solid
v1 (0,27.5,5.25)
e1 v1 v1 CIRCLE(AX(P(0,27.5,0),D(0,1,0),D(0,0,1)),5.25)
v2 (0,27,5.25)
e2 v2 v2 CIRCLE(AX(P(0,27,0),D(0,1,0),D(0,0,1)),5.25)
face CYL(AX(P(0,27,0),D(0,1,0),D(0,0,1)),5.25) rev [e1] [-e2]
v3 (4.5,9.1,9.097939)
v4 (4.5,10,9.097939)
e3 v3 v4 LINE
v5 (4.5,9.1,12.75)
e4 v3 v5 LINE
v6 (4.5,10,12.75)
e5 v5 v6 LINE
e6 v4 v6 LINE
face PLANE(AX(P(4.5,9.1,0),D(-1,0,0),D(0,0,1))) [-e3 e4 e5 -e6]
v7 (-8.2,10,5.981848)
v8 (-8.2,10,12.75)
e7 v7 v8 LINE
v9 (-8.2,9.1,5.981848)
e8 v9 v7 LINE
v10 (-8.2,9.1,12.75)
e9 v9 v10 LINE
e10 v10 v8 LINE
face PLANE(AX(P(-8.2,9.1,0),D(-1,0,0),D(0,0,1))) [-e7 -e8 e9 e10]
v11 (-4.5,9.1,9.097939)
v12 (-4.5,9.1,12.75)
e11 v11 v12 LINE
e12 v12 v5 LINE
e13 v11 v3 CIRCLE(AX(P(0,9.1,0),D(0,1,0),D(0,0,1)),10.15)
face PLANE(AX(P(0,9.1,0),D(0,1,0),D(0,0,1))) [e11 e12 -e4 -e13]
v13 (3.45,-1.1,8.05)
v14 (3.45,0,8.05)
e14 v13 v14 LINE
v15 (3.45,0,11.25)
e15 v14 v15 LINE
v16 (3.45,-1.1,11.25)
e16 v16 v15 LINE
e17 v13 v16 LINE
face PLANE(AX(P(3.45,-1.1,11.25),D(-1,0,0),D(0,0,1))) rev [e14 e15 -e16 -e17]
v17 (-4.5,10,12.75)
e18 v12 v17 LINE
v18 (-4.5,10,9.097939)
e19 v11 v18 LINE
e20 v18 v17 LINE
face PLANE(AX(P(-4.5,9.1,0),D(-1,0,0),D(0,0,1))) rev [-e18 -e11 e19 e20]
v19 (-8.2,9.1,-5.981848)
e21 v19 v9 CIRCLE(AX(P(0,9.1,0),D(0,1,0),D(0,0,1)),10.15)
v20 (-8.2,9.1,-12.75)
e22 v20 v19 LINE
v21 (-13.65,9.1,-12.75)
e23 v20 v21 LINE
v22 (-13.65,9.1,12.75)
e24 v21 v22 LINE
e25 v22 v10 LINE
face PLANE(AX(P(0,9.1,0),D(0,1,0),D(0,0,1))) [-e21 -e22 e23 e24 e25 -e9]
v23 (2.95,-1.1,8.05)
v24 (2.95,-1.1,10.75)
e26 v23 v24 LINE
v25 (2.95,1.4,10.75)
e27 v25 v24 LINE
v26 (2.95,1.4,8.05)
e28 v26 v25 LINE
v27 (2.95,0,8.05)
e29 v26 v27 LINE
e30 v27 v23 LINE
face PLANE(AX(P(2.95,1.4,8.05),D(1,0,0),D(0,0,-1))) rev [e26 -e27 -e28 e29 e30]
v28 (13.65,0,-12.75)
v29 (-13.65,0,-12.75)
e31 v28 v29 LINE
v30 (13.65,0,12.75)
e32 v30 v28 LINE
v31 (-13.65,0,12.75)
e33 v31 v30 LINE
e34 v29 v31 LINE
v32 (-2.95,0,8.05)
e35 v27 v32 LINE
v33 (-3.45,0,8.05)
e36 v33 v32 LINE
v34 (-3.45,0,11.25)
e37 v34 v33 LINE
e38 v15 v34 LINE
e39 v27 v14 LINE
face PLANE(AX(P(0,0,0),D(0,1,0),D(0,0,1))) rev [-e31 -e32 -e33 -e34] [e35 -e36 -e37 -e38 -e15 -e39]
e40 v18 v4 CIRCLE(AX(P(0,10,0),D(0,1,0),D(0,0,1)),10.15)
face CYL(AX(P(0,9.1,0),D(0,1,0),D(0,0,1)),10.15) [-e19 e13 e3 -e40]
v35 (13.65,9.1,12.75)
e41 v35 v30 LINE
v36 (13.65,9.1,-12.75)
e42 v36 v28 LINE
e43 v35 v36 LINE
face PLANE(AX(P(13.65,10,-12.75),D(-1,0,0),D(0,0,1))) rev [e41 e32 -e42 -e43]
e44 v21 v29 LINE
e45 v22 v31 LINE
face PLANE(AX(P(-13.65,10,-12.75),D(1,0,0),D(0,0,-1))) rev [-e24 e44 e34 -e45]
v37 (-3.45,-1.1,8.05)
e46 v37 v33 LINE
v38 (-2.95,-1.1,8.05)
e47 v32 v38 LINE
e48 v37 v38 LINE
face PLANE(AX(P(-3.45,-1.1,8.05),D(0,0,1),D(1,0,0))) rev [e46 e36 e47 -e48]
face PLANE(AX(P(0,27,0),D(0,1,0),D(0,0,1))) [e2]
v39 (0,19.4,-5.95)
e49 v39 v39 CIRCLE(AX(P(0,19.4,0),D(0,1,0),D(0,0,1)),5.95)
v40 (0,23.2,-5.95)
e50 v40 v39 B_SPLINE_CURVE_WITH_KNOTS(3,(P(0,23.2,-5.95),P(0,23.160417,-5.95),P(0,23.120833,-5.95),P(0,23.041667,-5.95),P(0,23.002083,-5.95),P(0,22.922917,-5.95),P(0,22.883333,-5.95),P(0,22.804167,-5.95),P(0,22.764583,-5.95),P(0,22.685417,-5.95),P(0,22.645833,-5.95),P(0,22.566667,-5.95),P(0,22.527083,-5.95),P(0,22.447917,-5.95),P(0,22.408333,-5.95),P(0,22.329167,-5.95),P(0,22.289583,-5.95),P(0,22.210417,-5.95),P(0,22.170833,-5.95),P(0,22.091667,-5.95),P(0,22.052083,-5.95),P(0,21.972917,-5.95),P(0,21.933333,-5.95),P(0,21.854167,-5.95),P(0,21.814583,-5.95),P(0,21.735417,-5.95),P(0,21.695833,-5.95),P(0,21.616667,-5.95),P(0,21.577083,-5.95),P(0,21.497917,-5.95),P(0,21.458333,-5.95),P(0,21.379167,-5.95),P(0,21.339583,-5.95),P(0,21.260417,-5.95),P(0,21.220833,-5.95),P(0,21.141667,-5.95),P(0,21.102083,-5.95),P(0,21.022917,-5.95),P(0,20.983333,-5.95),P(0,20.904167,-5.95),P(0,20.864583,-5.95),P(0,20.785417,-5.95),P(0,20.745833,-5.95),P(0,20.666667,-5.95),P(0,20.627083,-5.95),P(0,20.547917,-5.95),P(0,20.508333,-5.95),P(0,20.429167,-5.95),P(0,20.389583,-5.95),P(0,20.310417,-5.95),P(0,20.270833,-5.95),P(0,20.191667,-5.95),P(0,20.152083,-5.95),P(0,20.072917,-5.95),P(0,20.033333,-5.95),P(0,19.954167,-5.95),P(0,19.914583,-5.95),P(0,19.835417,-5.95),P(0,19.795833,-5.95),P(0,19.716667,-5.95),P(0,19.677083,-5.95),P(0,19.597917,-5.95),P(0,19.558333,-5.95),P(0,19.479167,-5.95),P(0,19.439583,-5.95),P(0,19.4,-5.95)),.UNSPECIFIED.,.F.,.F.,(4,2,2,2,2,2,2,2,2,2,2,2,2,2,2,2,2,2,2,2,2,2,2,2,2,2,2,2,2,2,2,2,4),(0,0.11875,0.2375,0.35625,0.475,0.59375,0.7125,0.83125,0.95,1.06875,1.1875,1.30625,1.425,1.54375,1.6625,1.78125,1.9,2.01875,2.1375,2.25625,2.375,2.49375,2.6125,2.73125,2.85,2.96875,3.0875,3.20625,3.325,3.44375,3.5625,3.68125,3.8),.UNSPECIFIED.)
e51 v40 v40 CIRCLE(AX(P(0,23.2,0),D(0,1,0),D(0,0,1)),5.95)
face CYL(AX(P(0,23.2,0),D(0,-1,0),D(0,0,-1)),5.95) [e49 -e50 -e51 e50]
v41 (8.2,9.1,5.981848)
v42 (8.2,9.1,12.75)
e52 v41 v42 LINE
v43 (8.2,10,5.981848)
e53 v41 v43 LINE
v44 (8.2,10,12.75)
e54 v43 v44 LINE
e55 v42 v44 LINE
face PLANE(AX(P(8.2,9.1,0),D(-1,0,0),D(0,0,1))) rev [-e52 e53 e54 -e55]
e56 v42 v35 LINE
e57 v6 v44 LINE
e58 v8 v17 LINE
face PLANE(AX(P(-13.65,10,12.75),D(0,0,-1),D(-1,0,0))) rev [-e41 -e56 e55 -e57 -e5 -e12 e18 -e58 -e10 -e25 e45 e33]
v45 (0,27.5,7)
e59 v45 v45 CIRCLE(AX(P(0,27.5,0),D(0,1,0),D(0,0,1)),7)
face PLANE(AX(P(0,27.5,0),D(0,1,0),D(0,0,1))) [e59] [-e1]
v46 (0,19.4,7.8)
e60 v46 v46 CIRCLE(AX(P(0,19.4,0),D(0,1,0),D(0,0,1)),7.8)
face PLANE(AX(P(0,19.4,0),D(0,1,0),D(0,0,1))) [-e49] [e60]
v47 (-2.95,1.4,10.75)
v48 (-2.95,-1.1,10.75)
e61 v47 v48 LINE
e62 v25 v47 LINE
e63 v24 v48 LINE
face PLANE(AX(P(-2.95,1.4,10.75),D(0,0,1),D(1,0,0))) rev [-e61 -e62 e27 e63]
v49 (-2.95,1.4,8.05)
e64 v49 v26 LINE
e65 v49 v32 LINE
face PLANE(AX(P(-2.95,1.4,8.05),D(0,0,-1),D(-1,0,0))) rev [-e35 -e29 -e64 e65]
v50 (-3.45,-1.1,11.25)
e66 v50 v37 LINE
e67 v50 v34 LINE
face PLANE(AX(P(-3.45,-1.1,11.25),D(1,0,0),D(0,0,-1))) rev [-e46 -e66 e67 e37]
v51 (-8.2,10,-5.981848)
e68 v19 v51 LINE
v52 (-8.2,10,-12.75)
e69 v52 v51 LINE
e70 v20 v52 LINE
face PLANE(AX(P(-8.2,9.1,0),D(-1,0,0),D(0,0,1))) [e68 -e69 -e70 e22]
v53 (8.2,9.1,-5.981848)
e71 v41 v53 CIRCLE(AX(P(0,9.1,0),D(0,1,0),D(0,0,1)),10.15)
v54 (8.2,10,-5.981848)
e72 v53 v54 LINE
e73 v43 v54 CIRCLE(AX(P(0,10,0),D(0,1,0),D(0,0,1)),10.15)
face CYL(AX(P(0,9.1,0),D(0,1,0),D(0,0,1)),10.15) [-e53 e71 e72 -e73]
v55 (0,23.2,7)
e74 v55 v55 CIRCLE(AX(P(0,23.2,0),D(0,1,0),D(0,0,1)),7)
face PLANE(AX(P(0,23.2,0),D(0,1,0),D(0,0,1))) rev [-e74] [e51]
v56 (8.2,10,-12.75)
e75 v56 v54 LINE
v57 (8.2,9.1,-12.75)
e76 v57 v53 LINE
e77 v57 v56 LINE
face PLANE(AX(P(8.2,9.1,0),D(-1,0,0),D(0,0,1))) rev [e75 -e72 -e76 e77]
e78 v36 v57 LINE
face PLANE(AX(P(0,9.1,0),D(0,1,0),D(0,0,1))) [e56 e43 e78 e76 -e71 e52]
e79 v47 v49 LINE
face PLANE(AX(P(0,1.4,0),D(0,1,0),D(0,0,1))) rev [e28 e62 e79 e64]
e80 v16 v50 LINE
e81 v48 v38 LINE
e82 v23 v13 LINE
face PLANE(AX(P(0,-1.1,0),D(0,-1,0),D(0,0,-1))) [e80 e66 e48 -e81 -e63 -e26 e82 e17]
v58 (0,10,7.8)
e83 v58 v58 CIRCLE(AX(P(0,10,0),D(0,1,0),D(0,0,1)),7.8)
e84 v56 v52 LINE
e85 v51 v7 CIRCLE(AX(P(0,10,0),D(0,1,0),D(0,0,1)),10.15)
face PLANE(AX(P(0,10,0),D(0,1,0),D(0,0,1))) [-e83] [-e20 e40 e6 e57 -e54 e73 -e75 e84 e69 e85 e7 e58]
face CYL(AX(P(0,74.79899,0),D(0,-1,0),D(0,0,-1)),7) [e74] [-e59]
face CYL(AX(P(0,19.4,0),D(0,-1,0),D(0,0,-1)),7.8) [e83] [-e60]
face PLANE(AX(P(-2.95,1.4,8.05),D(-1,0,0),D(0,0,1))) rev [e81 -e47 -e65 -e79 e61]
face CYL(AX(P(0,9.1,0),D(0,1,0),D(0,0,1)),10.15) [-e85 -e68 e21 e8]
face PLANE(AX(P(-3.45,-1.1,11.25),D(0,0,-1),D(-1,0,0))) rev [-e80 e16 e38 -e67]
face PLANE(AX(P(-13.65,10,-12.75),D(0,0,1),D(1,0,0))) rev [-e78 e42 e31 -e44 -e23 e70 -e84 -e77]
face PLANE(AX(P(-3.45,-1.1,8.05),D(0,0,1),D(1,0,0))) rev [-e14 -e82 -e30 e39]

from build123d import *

# Parameters (mm, degrees)
SKETCH1_W           = 27.3
SKETCH1_H           = 25.5
BOSS_EXTRUDE1_DEPTH = 10
CUT_EXTRUDE1_DEPTH  = 0.9
SKETCH3_R           = 7.8
BOSS_EXTRUDE2_DEPTH = 9.4
SKETCH4_R           = 5.95
BOSS_EXTRUDE3_DEPTH = 3.8
SKETCH5_R           = 7
BOSS_EXTRUDE4_DEPTH = 4.3
SKETCH6_R           = 5.25
CUT_EXTRUDE2_DEPTH  = 0.5
SKETCH7_W           = 6.9
SKETCH7_H           = 3.2
BOSS_EXTRUDE5_DEPTH = 1.1
SKETCH8_W           = 5.9
SKETCH8_H           = 2.7
CUT_EXTRUDE3_DEPTH  = 2.5


with BuildPart() as part:
    # Sketch1 → Boss-Extrude1 (new body)
    with BuildSketch(Plane(origin=(0, 0, 0), x_dir=(1, 0, 0), z_dir=(0, 1, 0))):
        Rectangle(SKETCH1_W, SKETCH1_H)
    extrude(amount=BOSS_EXTRUDE1_DEPTH)

    # Sketch2 → Cut-Extrude1 (cut)
    with BuildSketch(Plane(origin=(0, 10, 0), x_dir=(1, 0, 0), z_dir=(0, 1, 0))):
        with BuildLine():
            Line((-8.2, 5.981847541), (-8.2, 12.75))
            Line((-8.2, 12.75), (-13.65, 12.75))
            Line((-13.65, 12.75), (-13.65, -12.75))
            Line((-13.65, -12.75), (-8.2, -12.75))
            Line((-8.2, -12.75), (-8.2, -5.981847541))
            ThreePointArc((-8.2, -5.981847541), (-10.15, 0), (-8.2, 5.981847541))
        make_face()
        with BuildLine():
            Line((13.65, 12.75), (8.2, 12.75))
            Line((8.2, 12.75), (8.2, 5.981847541))
            ThreePointArc((8.2, 5.981847541), (9.650194299, 3.145830574), (10.15, 0))
            ThreePointArc((10.15, 0), (9.650194299, -3.145830574), (8.2, -5.981847541))
            Line((8.2, -5.981847541), (8.2, -12.75))
            Line((8.2, -12.75), (13.65, -12.75))
            Line((13.65, -12.75), (13.65, 12.75))
        make_face()
        with BuildLine():
            ThreePointArc((0, -10.15), (-2.310672611, -9.883485827), (-4.5, -9.097939327))
            Line((-4.5, -9.097939327), (-4.5, -12.75))
            Line((-4.5, -12.75), (0, -12.75))
            Line((0, -12.75), (0, -10.15))
        make_face()
        with BuildLine():
            ThreePointArc((4.5, -9.097939327), (2.310672611, -9.883485827), (0, -10.15))
            Line((0, -10.15), (0, -12.75))
            Line((0, -12.75), (4.5, -12.75))
            Line((4.5, -12.75), (4.5, -9.097939327))
        make_face()
    extrude(amount=-CUT_EXTRUDE1_DEPTH, mode=Mode.SUBTRACT)

    # Sketch3 → Boss-Extrude2 (add)
    with BuildSketch(Plane(origin=(0, 10, 0), x_dir=(1, 0, 0), z_dir=(0, 1, 0))):
        with Locations(Location((0, 0, 0), (0, 0, 270))):
            Circle(SKETCH3_R)
    extrude(amount=BOSS_EXTRUDE2_DEPTH)

    # Sketch4 → Boss-Extrude3 (add)
    with BuildSketch(Plane(origin=(0, 19.4, 0), x_dir=(1, 0, 0), z_dir=(0, 1, 0))):
        with Locations(Location((0, 0, 0), (0, 0, 90))):
            Circle(SKETCH4_R)
    extrude(amount=BOSS_EXTRUDE3_DEPTH)

    # Sketch5 → Boss-Extrude4 (add)
    with BuildSketch(Plane(origin=(0, 23.2, 0), x_dir=(1, 0, 0), z_dir=(0, 1, 0))):
        with Locations(Location((0, 0, 0), (0, 0, 270))):
            Circle(SKETCH5_R)
    extrude(amount=BOSS_EXTRUDE4_DEPTH)

    # Sketch6 → Cut-Extrude2 (cut)
    with BuildSketch(Plane(origin=(0, 27.5, 0), x_dir=(1, 0, 0), z_dir=(0, 1, 0))):
        with Locations(Location((0, 0, 0), (0, 0, 270))):
            Circle(SKETCH6_R)
    extrude(amount=-CUT_EXTRUDE2_DEPTH, mode=Mode.SUBTRACT)

    # Sketch7 → Boss-Extrude5 (add)
    with BuildSketch(Plane.XZ):
        with Locations((0, 9.65)):
            Rectangle(SKETCH7_W, SKETCH7_H)
    extrude(amount=BOSS_EXTRUDE5_DEPTH)

    # Sketch8 → Cut-Extrude3 (cut)
    with BuildSketch(Plane.XZ.offset(1.1)):
        with Locations((0, 9.4)):
            Rectangle(SKETCH8_W, SKETCH8_H)
    extrude(amount=-CUT_EXTRUDE3_DEPTH, mode=Mode.SUBTRACT)


solid = part.part
